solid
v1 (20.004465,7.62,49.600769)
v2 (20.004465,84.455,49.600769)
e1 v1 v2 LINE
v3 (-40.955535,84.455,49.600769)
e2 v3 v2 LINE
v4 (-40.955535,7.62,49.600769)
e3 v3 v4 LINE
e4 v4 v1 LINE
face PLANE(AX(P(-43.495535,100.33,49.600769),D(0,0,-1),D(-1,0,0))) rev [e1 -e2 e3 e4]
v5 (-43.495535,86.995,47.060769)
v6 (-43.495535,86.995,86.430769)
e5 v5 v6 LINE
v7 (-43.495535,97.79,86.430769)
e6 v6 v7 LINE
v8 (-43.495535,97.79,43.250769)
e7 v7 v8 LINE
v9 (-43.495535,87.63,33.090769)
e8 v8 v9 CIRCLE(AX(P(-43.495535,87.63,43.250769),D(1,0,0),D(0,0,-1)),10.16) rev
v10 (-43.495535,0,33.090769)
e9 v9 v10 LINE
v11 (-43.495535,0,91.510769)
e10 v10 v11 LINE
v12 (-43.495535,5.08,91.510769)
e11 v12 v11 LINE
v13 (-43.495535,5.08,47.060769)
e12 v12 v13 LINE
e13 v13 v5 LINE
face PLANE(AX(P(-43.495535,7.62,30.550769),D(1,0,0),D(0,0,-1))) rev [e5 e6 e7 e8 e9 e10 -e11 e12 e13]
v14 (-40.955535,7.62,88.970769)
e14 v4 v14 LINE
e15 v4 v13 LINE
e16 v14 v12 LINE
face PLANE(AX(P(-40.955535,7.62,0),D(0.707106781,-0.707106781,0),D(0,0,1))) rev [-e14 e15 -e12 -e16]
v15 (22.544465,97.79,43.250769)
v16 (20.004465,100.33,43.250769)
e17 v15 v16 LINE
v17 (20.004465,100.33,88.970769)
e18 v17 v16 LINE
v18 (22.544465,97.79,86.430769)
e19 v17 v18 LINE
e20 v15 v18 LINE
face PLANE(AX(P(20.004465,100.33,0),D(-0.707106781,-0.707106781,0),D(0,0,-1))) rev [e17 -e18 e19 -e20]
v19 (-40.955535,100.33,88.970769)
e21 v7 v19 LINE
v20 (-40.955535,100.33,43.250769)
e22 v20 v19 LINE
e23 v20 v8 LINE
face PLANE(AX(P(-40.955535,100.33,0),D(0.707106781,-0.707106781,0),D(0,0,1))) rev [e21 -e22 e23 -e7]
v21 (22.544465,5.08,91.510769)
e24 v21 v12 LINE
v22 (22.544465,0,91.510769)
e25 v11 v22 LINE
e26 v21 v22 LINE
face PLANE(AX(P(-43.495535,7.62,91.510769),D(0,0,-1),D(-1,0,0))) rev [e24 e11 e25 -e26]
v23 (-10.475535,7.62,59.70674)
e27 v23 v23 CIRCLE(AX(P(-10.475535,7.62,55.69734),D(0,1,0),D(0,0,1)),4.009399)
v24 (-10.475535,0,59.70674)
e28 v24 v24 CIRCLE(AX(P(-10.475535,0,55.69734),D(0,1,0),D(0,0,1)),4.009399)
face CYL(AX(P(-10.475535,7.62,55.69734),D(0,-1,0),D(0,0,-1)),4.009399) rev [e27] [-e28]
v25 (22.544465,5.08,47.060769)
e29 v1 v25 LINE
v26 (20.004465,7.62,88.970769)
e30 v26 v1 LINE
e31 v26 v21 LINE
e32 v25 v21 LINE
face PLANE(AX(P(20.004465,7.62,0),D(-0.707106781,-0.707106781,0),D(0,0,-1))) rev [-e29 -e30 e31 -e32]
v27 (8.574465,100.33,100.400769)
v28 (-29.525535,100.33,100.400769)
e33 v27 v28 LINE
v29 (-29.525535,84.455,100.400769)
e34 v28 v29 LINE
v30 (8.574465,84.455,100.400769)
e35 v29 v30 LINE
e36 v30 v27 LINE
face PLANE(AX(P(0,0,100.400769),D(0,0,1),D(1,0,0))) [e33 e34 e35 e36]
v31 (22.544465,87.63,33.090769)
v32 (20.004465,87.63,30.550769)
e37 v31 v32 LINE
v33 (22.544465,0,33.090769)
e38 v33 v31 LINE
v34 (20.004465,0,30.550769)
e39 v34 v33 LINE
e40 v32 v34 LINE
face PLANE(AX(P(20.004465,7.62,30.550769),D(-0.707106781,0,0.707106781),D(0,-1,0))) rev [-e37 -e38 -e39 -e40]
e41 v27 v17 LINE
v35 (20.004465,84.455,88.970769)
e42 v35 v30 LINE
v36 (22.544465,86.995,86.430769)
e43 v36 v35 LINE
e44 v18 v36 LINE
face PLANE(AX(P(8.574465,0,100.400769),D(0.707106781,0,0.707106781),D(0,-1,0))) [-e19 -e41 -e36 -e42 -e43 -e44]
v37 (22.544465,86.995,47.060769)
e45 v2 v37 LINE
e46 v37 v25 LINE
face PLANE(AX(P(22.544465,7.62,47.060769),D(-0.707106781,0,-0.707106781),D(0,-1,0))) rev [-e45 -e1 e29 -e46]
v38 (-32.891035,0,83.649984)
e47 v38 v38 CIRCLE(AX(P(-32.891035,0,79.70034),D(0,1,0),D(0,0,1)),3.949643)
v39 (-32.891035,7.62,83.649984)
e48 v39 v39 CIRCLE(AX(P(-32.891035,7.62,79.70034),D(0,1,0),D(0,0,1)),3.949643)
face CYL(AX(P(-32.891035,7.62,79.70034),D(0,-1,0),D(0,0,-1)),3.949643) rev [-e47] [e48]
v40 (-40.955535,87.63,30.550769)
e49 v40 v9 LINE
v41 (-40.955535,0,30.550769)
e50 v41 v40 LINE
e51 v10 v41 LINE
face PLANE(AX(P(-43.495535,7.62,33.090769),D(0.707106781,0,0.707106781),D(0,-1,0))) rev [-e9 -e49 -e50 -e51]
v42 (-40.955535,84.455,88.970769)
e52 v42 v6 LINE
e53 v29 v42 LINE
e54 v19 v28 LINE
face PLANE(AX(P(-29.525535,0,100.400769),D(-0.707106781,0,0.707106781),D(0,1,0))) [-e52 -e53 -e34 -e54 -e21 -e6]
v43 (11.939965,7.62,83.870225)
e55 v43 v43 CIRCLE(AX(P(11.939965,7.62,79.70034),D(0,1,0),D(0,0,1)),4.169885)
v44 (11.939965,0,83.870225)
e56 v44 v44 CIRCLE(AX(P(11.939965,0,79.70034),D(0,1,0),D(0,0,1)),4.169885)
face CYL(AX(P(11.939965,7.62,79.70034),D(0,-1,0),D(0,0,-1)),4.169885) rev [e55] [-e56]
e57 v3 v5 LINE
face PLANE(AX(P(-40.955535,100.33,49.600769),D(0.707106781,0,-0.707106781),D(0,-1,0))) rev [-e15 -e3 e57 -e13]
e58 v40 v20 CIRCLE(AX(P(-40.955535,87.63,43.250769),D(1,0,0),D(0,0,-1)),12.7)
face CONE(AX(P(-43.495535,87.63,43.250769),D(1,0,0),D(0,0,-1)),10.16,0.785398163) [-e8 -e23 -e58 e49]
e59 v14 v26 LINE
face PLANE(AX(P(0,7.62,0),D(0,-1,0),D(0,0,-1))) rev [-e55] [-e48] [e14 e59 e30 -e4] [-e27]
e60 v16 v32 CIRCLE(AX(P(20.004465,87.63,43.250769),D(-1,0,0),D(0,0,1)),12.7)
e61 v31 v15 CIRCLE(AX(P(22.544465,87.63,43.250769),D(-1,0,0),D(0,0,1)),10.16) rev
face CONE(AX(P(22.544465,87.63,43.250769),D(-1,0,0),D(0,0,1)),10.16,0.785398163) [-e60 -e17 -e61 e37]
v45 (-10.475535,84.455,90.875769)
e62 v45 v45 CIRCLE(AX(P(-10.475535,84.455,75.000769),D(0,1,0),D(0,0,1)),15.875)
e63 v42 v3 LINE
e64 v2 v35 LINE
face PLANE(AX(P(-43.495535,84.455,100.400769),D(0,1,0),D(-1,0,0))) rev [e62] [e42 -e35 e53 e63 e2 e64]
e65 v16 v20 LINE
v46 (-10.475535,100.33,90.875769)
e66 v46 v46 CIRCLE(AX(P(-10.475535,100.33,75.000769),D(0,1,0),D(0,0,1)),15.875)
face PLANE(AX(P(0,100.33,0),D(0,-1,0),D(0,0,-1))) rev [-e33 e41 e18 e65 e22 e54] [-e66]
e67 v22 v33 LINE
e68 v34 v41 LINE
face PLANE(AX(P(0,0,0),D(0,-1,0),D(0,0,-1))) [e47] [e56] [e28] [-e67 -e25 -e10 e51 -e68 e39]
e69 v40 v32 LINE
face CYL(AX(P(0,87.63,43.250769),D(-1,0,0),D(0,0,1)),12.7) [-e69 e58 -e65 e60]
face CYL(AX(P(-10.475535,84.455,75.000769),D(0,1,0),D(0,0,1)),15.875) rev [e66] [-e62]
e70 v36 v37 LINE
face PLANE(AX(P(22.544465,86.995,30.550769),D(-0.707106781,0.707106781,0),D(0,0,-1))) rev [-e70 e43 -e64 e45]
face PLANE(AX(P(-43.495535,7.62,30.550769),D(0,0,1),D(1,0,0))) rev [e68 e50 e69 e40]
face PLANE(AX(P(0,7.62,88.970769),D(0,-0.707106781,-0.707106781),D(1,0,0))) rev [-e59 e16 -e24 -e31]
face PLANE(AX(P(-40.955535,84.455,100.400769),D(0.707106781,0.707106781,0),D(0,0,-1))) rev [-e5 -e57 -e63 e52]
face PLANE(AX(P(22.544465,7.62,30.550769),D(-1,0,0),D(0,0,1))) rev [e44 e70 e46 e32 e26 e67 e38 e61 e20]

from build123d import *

# Parameters (mm, degrees)
SKETCH1_W           = 66.04
SKETCH1_H           = 60.96
SKETCH1_R           = 3.949643495
SKETCH1_R_2         = 4.169884911
SKETCH1_R_3         = 4.009399438
BOSS_EXTRUDE1_DEPTH = 7.62
SKETCH3_W           = 66.04
SKETCH3_H           = 19.05
BOSS_EXTRUDE2_DEPTH = 92.71
SKETCH4_W           = 66.04
SKETCH4_H           = 15.875
BOSS_EXTRUDE3_DEPTH = 50.8
SKETCH5_R           = 15.875
CUT_EXTRUDE2_DEPTH  = 15.875
FILLET1_R           = 12.7
CHAMFER2_SIZE       = 2.54
CHAMFER3_SIZE       = 13.97


with BuildPart() as part:
    # Sketch1 → Boss-Extrude1 (new body)
    with BuildSketch(Plane(origin=(0, 0, 0), x_dir=(1, 0, 0), z_dir=(0, 1, 0))):
        with Locations((-10.475534623, -61.030768925)):
            Rectangle(SKETCH1_W, SKETCH1_H)
        with Locations((-32.891034623, -79.700340115)):
            Circle(SKETCH1_R, mode=Mode.SUBTRACT)
        with Locations((11.939965377, -79.700340115)):
            Circle(SKETCH1_R_2, mode=Mode.SUBTRACT)
        with Locations((-10.475534623, -55.697340115)):
            Circle(SKETCH1_R_3, mode=Mode.SUBTRACT)
    extrude(amount=BOSS_EXTRUDE1_DEPTH)

    # Sketch3 → Boss-Extrude2 (add)
    with BuildSketch(Plane(origin=(0, 7.62, 0), x_dir=(1, 0, 0), z_dir=(0, 1, 0))):
        with Locations((-10.475534623, -40.075768925)):
            Rectangle(SKETCH3_W, SKETCH3_H)
    extrude(amount=BOSS_EXTRUDE2_DEPTH)

    # Sketch4 → Boss-Extrude3 (add)
    with BuildSketch(Plane.XY.offset(49.600768925)):
        with Locations((-10.475534623, 92.3925)):
            Rectangle(SKETCH4_W, SKETCH4_H)
    extrude(amount=BOSS_EXTRUDE3_DEPTH)

    # Sketch5 → Cut-Extrude2 (cut)
    with BuildSketch(Plane(origin=(0, 100.33, 0), x_dir=(1, 0, 0), z_dir=(0, 1, 0))):
        with Locations((-10.475534623, -75.000768925)):
            Circle(SKETCH5_R)
    extrude(amount=-CUT_EXTRUDE2_DEPTH, mode=Mode.SUBTRACT)

    # Fillet1
    fillet1_edges = [part.edges().sort_by_distance(p)[0] for p in [
        (-10.475534623, 100.33, 30.550768925),
    ]]
    fillet(fillet1_edges, radius=FILLET1_R)

    # Chamfer2
    chamfer2_edges = [part.edges().sort_by_distance(p)[0] for p in [
        (-43.495534623, 7.62, 70.555768925),
        (22.544465377, 100.33, 71.825768925),
        (22.544465377, 46.0375, 49.600768925),
        (-43.495534623, 46.0375, 49.600768925),
        (-10.475534623, 7.62, 91.510768925),
        (-43.495534623, 84.455, 75.000768925),
        (22.544465377, 84.455, 75.000768925),
        (-43.495534623, 100.33, 71.825768925),
        (-43.495534623, 43.815, 30.550768925),
        (-43.495534623, 96.610256121, 34.270512804),
        (22.544465377, 43.815, 30.550768925),
        (22.544465377, 96.610256121, 34.270512804),
        (22.544465377, 7.62, 70.555768925),
    ]]
    chamfer(chamfer2_edges, length=CHAMFER2_SIZE)

    # Chamfer3
    chamfer3_edges = [part.edges().sort_by_distance(p)[0] for p in [
        (-43.495534623, 92.3925, 100.400768925),
        (22.544465377, 92.3925, 100.400768925),
    ]]
    chamfer(chamfer3_edges, length=CHAMFER3_SIZE)


solid = part.part
